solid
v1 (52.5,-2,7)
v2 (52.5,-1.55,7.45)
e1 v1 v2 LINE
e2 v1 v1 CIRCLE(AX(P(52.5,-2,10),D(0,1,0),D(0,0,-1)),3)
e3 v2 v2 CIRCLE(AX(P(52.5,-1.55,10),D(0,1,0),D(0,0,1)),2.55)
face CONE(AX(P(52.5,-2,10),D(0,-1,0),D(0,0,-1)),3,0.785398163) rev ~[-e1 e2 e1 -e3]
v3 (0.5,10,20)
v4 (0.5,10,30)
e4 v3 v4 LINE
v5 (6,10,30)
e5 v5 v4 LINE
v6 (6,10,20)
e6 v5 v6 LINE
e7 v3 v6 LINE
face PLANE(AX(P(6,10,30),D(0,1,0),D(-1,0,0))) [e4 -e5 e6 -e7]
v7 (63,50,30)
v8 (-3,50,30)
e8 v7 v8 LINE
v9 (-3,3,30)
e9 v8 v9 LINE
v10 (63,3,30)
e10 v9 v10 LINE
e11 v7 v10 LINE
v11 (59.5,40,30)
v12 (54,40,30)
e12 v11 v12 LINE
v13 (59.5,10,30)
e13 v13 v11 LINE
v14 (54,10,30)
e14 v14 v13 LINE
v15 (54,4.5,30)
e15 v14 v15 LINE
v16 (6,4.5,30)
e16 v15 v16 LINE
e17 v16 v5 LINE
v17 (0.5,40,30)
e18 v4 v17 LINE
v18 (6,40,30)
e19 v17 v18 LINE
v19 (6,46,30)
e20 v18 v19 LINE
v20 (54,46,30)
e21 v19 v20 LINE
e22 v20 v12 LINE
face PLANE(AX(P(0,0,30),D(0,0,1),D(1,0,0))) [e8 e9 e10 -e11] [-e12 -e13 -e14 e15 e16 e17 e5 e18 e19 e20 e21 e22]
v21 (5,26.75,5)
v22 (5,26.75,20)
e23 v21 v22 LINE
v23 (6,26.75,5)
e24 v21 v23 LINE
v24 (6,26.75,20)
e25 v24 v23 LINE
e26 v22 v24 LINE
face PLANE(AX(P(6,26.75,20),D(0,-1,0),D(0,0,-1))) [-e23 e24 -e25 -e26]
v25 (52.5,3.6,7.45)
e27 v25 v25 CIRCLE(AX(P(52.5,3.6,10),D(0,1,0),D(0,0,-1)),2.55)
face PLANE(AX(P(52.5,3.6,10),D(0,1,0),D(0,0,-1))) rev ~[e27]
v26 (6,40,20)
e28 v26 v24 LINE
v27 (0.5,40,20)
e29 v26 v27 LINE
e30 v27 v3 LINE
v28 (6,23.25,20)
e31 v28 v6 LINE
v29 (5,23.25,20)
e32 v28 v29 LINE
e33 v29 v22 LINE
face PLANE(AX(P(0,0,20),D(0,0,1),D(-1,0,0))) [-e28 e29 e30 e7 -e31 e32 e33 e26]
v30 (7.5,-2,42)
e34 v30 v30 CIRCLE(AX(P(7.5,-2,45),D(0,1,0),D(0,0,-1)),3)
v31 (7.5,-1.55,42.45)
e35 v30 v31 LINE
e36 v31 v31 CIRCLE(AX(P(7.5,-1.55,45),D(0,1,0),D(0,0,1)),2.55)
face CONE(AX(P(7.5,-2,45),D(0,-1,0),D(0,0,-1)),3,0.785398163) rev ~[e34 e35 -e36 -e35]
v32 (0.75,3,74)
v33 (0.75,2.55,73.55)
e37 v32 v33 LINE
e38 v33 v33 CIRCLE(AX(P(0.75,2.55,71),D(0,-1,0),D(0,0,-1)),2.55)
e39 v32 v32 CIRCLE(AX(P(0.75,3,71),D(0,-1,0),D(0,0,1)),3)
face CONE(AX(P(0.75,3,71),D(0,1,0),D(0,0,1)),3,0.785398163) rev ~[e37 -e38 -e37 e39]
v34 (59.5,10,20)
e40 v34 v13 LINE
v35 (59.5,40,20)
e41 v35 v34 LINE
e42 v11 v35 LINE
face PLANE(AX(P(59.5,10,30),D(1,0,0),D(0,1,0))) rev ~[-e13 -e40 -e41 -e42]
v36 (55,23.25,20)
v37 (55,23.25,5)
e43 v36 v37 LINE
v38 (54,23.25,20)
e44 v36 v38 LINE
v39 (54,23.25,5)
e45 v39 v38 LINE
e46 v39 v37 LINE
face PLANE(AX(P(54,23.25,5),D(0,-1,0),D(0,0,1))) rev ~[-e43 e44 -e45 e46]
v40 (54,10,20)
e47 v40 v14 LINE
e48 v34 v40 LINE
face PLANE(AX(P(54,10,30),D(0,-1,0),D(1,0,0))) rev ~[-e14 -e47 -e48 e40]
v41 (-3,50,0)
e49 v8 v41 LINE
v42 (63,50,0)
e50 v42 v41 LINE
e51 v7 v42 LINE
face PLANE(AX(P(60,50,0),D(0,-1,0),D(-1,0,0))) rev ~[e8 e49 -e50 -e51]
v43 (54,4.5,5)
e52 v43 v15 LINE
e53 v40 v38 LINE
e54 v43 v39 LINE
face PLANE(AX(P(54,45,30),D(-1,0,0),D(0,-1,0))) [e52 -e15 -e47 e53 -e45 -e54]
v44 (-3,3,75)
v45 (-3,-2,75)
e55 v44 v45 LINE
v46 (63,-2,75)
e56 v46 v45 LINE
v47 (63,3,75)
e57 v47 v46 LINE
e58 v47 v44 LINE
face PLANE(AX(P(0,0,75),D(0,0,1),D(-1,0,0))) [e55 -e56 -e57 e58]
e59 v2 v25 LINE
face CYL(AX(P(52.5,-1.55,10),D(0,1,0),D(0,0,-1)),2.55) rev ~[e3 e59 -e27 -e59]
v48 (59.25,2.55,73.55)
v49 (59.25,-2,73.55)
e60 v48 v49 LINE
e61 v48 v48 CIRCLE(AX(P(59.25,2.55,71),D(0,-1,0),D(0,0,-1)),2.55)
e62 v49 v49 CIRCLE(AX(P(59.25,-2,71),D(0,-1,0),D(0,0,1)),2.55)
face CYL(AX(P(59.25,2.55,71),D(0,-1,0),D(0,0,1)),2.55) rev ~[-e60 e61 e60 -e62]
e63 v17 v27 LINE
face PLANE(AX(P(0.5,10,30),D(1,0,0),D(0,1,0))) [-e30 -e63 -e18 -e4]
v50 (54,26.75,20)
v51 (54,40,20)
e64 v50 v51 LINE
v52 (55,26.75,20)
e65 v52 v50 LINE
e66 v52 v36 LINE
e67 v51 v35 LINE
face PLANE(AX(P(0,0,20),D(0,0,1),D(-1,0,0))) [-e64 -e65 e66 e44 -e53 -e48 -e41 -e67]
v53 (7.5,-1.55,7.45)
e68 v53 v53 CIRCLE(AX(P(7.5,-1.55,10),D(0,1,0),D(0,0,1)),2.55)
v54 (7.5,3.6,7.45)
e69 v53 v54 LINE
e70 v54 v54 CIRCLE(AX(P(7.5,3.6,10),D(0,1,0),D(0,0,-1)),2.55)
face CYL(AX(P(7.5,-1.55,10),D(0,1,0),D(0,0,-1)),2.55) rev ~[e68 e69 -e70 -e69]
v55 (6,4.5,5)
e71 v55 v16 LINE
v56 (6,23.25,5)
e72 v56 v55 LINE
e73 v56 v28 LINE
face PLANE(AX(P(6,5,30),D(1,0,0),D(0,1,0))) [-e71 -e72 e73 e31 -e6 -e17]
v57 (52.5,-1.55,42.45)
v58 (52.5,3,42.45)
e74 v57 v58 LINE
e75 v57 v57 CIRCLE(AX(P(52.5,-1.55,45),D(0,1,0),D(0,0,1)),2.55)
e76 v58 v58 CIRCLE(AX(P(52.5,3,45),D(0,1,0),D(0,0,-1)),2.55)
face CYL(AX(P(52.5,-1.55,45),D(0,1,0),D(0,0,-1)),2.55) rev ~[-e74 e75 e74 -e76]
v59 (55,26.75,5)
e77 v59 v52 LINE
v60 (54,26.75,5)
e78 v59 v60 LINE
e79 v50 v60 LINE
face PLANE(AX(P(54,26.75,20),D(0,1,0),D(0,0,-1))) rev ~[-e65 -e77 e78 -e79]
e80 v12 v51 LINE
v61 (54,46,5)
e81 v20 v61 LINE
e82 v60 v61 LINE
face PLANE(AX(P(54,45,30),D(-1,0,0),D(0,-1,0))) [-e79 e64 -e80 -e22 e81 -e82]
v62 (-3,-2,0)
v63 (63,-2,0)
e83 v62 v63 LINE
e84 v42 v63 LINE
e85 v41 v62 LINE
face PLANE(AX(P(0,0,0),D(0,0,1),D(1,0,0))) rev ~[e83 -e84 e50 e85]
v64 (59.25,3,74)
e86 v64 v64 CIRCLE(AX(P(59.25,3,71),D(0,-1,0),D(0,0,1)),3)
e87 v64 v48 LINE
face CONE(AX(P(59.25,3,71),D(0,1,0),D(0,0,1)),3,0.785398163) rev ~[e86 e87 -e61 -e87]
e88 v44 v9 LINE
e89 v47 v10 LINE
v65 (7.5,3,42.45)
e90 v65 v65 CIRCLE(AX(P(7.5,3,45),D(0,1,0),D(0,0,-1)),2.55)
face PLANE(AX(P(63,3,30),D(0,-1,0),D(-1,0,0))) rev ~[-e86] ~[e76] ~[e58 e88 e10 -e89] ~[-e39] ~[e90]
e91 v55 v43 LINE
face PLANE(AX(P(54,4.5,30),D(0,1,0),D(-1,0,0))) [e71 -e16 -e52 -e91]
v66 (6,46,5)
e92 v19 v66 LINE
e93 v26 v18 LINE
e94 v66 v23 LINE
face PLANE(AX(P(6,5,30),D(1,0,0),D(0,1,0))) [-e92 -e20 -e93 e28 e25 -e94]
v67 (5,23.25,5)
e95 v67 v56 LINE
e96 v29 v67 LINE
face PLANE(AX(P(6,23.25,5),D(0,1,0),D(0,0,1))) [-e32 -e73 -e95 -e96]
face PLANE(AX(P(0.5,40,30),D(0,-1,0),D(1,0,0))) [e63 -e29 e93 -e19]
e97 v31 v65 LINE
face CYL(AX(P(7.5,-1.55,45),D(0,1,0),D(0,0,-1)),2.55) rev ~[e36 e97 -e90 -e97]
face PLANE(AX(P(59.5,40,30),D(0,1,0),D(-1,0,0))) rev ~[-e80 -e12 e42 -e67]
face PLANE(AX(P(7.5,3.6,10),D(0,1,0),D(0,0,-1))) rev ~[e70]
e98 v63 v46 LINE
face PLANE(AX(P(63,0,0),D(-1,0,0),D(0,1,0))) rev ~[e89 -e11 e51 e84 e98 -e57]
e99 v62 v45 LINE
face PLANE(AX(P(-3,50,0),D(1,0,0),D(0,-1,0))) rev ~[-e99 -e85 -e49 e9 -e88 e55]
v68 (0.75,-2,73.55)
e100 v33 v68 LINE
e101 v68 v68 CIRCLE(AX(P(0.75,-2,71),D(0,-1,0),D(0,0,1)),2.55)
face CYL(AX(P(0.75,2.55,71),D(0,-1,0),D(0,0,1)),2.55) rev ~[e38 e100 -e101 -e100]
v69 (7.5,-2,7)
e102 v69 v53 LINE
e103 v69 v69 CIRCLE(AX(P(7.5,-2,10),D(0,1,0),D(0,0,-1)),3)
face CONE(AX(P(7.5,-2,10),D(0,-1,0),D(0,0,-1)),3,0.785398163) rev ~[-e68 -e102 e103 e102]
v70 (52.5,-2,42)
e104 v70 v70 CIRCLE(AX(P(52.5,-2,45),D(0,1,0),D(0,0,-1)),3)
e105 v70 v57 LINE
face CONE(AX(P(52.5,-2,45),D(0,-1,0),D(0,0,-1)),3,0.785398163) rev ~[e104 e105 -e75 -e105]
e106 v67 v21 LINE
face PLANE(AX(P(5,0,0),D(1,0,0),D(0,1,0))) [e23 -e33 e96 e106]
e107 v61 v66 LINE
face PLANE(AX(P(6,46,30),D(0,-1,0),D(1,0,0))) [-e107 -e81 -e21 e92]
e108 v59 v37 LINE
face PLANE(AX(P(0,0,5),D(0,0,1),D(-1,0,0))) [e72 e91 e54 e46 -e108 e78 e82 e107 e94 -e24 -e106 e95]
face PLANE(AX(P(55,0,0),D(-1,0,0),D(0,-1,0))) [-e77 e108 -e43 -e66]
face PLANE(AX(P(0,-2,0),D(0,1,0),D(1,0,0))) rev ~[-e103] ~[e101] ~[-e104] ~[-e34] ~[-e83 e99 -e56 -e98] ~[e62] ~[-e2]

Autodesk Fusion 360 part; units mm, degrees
sketch "Sketch1" plane through (0, 0, 0) normal (0, 0, 1) x (1, 0, 0)
  line L0 (0, 0) -> (60, 0)
  line L1 (60, 0) -> (60, 50)
  line L2 (60, 50) -> (0, 50)
  line L3 (0, 50) -> (0, 0)
  dimension "d1" = 60
  dimension "d2" = 50
extrude "Extrude1" add sketch "Sketch1" along normal blind 30
sketch "Sketch2" plane through (0, 0, 30) normal (0, 0, 1) x (-1, 0, 0)
  line L0 (0, -50) -> (0, 0)
  line L1 (0, 0) -> (-60, 0)
  line L2 (-60, 0) -> (-60, -50)
  line L3 (-60, -50) -> (0, -50)
  line L4 (-54, -5) -> (-6, -5)
  line L5 (-6, -5) -> (-6, -45)
  line L6 (-6, -45) -> (-54, -45)
  line L7 (-54, -45) -> (-54, -5)
  line L8 (-54, -5) -> (-6, -45) construction
  line L9 (-6, -5) -> (-54, -45) construction
  point P0 (-30, -25)
  dimension "d5" = 48
  dimension "d6" = 40
extrude "Extrude2" cut sketch "Sketch2" against normal blind 25 contours L4 L5 L6 L7
sketch "Sketch3" plane through (0, 0, 30) normal (0, 0, 1) x (-1, 0, 0)
  line L0 (-6, -5) -> (-6, -45)
  line L1 (-6, -45) -> (-54, -45)
  line L2 (-54, -45) -> (-54, -5)
  line L3 (-54, -5) -> (-6, -5)
  line L4 (0, -50) -> (0, 0)
  line L5 (0, 0) -> (-60, 0)
  line L6 (-60, 0) -> (-60, -50)
  line L7 (-60, -50) -> (0, -50)
  line L8 (-54, -10) -> (-59.5, -10)
  line L9 (-59.5, -10) -> (-59.5, -40)
  line L10 (-59.5, -40) -> (-54, -40)
  line L11 (-54, -40) -> (-54, -10)
  line L12 (-6, -10) -> (-0.5, -10)
  line L13 (-0.5, -10) -> (-0.5, -40)
  line L14 (-0.5, -40) -> (-6, -40)
  line L15 (-6, -40) -> (-6, -10)
  dimension "d9" = 5.5
  dimension "d10" = 30
  dimension "d11" = 5.5
  dimension "d12" = 30
extrude "Extrude3" cut sketch "Sketch3" against normal blind 10 contours L0 L12 L13 L14 L15 | L2 L8 L9 L10 L11
move_face "OffsetFaces1" offset 3 1 faces at (0, 33.3333, 10)
move_face "OffsetFaces2" offset 3 1 faces at (60, 33.3333, 20)
move_face "OffsetFaces3" offset 2 1 faces at (19, 0, 20)
sketch "Sketch4" plane through (0, 0, 30) normal (0, 0, 1) x (-1, 0, 0)
  line L0 (-59.5, -10) -> (-54, -10)
  line L1 (-54, -10) -> (-54, -5)
  line L2 (-54, -5) -> (-6, -5)
  line L3 (-6, -5) -> (-6, -10)
  line L4 (-6, -10) -> (-0.5, -10)
  line L5 (-0.5, -10) -> (-0.5, -40)
  line L6 (-0.5, -40) -> (-6, -40)
  line L7 (-6, -40) -> (-6, -45)
  line L8 (-6, -45) -> (-54, -45)
  line L9 (-54, -45) -> (-54, -40)
  line L10 (-54, -40) -> (-59.5, -40)
  line L11 (-59.5, -40) -> (-59.5, -10)
  line L12 (3, -50) -> (3, 2)
  line L13 (3, 2) -> (-63, 2)
  line L14 (-63, 2) -> (-63, -50)
  line L15 (-63, -50) -> (3, -50)
  line L16 (3, 2) -> (-63, 2)
  line L17 (-63, 2) -> (-63, -3)
  line L18 (-63, -3) -> (3, -3)
  line L19 (3, -3) -> (3, 2)
  dimension "d18" = 66
  dimension "d19" = 5
extrude "Extrude4" add sketch "Sketch4" along normal blind 45 contours L12 L13 L14 L16 L17 L18 L19
sketch "Sketch7" plane through (0, 3, 0) normal (0, 1, 0) x (-1, 0, 0)
  line L0 (-63, 30) -> (3, 30)
  line L1 (3, 30) -> (3, 75)
  line L2 (3, 75) -> (-63, 75)
  line L3 (-63, 75) -> (-63, 30)
  point P0 (-59.25, 71)
  point P1 (-0.75, 71)
hole "Hole1" at (59.25, 3, 71) at (0.75, 3, 71) direction (0, -1, 0) diameter 5.1 depth 130 tip angle 118 countersink diameter 6 countersink angle 90
sketch "Sketch8" plane through (0, -2, 0) normal (0, -1, 0) x (1, 0, 0)
  circle A0 centre (59.25, 71) radius 2.55
  circle A1 centre (0.75, 71) radius 2.55
  line L0 (-3, 0) -> (63, 0)
  line L1 (63, 0) -> (63, 75)
  line L2 (63, 75) -> (-3, 75)
  line L3 (-3, 75) -> (-3, 0)
  point P0 (52.5, 45)
  point P1 (7.5, 45)
hole "Hole2" at (7.5, -2, 45) at (52.5, -2, 45) direction (0, 1, 0) diameter 5.1 depth 130 tip angle 118 countersink diameter 6 countersink angle 90
sketch "Sketch9" plane through (0, -2, 0) normal (0, -1, 0) x (1, 0, 0)
  circle A0 centre (7.5, 45) radius 3
  circle A1 centre (52.5, 45) radius 3
  circle A2 centre (59.25, 71) radius 2.55
  circle A3 centre (0.75, 71) radius 2.55
  line L0 (-3, 0) -> (63, 0)
  line L1 (63, 0) -> (63, 75)
  line L2 (63, 75) -> (-3, 75)
  line L3 (-3, 75) -> (-3, 0)
  point P0 (7.5, 10)
  point P1 (52.5, 10)
hole "Hole3" at (7.5, -2, 10) at (52.5, -2, 10) direction (0, 1, 0) diameter 5.1 depth 5.6 tip angle 180 countersink diameter 6 countersink angle 90
sketch "Sketch10" plane through (6, 0, 0) normal (1, 0, 0) x (0, 1, 0)
  line L0 (40, 30) -> (40, 20)
  line L1 (40, 20) -> (10, 20)
  line L2 (10, 20) -> (10, 30)
  line L3 (10, 30) -> (5, 30)
  line L4 (5, 30) -> (5, 5)
  line L5 (5, 5) -> (45, 5)
  line L6 (45, 5) -> (45, 30)
  line L7 (45, 30) -> (40, 30)
  line L8 (23.25, 30) -> (26.75, 30)
  line L9 (26.75, 30) -> (26.75, 0)
  line L10 (26.75, 0) -> (23.25, 0)
  line L11 (23.25, 0) -> (23.25, 30)
  point P0 (23.25, 30)
  dimension "d41" = 3.5
extrude "Extrude5" cut sketch "Sketch10" against normal blind 1 contours L1 L5 L9 L11
sketch "Sketch11" plane through (54, 0, 0) normal (-1, 0, 0) x (0, -1, 0)
  line L0 (-10, 30) -> (-10, 20)
  line L1 (-10, 20) -> (-40, 20)
  line L2 (-40, 20) -> (-40, 30)
  line L3 (-40, 30) -> (-45, 30)
  line L4 (-45, 30) -> (-45, 5)
  line L5 (-45, 5) -> (-5, 5)
  line L6 (-5, 5) -> (-5, 30)
  line L7 (-5, 30) -> (-10, 30)
  line L8 (-23.25, 30) -> (-26.75, 30)
  line L9 (-26.75, 30) -> (-26.75, 0)
  line L10 (-26.75, 0) -> (-23.25, 0)
  line L11 (-23.25, 0) -> (-23.25, 30)
  point P0 (-23.25, 30)
  dimension "d44" = 3.5
extrude "Extrude6" cut sketch "Sketch11" against normal blind 1 contours L1 L5 L9 L11
move_face "OffsetFaces4" offset -1 1 faces at (22, 45, 21.6667)
move_face "OffsetFaces5" offset -0.5 1 faces at (38, 5, 13.3333)
